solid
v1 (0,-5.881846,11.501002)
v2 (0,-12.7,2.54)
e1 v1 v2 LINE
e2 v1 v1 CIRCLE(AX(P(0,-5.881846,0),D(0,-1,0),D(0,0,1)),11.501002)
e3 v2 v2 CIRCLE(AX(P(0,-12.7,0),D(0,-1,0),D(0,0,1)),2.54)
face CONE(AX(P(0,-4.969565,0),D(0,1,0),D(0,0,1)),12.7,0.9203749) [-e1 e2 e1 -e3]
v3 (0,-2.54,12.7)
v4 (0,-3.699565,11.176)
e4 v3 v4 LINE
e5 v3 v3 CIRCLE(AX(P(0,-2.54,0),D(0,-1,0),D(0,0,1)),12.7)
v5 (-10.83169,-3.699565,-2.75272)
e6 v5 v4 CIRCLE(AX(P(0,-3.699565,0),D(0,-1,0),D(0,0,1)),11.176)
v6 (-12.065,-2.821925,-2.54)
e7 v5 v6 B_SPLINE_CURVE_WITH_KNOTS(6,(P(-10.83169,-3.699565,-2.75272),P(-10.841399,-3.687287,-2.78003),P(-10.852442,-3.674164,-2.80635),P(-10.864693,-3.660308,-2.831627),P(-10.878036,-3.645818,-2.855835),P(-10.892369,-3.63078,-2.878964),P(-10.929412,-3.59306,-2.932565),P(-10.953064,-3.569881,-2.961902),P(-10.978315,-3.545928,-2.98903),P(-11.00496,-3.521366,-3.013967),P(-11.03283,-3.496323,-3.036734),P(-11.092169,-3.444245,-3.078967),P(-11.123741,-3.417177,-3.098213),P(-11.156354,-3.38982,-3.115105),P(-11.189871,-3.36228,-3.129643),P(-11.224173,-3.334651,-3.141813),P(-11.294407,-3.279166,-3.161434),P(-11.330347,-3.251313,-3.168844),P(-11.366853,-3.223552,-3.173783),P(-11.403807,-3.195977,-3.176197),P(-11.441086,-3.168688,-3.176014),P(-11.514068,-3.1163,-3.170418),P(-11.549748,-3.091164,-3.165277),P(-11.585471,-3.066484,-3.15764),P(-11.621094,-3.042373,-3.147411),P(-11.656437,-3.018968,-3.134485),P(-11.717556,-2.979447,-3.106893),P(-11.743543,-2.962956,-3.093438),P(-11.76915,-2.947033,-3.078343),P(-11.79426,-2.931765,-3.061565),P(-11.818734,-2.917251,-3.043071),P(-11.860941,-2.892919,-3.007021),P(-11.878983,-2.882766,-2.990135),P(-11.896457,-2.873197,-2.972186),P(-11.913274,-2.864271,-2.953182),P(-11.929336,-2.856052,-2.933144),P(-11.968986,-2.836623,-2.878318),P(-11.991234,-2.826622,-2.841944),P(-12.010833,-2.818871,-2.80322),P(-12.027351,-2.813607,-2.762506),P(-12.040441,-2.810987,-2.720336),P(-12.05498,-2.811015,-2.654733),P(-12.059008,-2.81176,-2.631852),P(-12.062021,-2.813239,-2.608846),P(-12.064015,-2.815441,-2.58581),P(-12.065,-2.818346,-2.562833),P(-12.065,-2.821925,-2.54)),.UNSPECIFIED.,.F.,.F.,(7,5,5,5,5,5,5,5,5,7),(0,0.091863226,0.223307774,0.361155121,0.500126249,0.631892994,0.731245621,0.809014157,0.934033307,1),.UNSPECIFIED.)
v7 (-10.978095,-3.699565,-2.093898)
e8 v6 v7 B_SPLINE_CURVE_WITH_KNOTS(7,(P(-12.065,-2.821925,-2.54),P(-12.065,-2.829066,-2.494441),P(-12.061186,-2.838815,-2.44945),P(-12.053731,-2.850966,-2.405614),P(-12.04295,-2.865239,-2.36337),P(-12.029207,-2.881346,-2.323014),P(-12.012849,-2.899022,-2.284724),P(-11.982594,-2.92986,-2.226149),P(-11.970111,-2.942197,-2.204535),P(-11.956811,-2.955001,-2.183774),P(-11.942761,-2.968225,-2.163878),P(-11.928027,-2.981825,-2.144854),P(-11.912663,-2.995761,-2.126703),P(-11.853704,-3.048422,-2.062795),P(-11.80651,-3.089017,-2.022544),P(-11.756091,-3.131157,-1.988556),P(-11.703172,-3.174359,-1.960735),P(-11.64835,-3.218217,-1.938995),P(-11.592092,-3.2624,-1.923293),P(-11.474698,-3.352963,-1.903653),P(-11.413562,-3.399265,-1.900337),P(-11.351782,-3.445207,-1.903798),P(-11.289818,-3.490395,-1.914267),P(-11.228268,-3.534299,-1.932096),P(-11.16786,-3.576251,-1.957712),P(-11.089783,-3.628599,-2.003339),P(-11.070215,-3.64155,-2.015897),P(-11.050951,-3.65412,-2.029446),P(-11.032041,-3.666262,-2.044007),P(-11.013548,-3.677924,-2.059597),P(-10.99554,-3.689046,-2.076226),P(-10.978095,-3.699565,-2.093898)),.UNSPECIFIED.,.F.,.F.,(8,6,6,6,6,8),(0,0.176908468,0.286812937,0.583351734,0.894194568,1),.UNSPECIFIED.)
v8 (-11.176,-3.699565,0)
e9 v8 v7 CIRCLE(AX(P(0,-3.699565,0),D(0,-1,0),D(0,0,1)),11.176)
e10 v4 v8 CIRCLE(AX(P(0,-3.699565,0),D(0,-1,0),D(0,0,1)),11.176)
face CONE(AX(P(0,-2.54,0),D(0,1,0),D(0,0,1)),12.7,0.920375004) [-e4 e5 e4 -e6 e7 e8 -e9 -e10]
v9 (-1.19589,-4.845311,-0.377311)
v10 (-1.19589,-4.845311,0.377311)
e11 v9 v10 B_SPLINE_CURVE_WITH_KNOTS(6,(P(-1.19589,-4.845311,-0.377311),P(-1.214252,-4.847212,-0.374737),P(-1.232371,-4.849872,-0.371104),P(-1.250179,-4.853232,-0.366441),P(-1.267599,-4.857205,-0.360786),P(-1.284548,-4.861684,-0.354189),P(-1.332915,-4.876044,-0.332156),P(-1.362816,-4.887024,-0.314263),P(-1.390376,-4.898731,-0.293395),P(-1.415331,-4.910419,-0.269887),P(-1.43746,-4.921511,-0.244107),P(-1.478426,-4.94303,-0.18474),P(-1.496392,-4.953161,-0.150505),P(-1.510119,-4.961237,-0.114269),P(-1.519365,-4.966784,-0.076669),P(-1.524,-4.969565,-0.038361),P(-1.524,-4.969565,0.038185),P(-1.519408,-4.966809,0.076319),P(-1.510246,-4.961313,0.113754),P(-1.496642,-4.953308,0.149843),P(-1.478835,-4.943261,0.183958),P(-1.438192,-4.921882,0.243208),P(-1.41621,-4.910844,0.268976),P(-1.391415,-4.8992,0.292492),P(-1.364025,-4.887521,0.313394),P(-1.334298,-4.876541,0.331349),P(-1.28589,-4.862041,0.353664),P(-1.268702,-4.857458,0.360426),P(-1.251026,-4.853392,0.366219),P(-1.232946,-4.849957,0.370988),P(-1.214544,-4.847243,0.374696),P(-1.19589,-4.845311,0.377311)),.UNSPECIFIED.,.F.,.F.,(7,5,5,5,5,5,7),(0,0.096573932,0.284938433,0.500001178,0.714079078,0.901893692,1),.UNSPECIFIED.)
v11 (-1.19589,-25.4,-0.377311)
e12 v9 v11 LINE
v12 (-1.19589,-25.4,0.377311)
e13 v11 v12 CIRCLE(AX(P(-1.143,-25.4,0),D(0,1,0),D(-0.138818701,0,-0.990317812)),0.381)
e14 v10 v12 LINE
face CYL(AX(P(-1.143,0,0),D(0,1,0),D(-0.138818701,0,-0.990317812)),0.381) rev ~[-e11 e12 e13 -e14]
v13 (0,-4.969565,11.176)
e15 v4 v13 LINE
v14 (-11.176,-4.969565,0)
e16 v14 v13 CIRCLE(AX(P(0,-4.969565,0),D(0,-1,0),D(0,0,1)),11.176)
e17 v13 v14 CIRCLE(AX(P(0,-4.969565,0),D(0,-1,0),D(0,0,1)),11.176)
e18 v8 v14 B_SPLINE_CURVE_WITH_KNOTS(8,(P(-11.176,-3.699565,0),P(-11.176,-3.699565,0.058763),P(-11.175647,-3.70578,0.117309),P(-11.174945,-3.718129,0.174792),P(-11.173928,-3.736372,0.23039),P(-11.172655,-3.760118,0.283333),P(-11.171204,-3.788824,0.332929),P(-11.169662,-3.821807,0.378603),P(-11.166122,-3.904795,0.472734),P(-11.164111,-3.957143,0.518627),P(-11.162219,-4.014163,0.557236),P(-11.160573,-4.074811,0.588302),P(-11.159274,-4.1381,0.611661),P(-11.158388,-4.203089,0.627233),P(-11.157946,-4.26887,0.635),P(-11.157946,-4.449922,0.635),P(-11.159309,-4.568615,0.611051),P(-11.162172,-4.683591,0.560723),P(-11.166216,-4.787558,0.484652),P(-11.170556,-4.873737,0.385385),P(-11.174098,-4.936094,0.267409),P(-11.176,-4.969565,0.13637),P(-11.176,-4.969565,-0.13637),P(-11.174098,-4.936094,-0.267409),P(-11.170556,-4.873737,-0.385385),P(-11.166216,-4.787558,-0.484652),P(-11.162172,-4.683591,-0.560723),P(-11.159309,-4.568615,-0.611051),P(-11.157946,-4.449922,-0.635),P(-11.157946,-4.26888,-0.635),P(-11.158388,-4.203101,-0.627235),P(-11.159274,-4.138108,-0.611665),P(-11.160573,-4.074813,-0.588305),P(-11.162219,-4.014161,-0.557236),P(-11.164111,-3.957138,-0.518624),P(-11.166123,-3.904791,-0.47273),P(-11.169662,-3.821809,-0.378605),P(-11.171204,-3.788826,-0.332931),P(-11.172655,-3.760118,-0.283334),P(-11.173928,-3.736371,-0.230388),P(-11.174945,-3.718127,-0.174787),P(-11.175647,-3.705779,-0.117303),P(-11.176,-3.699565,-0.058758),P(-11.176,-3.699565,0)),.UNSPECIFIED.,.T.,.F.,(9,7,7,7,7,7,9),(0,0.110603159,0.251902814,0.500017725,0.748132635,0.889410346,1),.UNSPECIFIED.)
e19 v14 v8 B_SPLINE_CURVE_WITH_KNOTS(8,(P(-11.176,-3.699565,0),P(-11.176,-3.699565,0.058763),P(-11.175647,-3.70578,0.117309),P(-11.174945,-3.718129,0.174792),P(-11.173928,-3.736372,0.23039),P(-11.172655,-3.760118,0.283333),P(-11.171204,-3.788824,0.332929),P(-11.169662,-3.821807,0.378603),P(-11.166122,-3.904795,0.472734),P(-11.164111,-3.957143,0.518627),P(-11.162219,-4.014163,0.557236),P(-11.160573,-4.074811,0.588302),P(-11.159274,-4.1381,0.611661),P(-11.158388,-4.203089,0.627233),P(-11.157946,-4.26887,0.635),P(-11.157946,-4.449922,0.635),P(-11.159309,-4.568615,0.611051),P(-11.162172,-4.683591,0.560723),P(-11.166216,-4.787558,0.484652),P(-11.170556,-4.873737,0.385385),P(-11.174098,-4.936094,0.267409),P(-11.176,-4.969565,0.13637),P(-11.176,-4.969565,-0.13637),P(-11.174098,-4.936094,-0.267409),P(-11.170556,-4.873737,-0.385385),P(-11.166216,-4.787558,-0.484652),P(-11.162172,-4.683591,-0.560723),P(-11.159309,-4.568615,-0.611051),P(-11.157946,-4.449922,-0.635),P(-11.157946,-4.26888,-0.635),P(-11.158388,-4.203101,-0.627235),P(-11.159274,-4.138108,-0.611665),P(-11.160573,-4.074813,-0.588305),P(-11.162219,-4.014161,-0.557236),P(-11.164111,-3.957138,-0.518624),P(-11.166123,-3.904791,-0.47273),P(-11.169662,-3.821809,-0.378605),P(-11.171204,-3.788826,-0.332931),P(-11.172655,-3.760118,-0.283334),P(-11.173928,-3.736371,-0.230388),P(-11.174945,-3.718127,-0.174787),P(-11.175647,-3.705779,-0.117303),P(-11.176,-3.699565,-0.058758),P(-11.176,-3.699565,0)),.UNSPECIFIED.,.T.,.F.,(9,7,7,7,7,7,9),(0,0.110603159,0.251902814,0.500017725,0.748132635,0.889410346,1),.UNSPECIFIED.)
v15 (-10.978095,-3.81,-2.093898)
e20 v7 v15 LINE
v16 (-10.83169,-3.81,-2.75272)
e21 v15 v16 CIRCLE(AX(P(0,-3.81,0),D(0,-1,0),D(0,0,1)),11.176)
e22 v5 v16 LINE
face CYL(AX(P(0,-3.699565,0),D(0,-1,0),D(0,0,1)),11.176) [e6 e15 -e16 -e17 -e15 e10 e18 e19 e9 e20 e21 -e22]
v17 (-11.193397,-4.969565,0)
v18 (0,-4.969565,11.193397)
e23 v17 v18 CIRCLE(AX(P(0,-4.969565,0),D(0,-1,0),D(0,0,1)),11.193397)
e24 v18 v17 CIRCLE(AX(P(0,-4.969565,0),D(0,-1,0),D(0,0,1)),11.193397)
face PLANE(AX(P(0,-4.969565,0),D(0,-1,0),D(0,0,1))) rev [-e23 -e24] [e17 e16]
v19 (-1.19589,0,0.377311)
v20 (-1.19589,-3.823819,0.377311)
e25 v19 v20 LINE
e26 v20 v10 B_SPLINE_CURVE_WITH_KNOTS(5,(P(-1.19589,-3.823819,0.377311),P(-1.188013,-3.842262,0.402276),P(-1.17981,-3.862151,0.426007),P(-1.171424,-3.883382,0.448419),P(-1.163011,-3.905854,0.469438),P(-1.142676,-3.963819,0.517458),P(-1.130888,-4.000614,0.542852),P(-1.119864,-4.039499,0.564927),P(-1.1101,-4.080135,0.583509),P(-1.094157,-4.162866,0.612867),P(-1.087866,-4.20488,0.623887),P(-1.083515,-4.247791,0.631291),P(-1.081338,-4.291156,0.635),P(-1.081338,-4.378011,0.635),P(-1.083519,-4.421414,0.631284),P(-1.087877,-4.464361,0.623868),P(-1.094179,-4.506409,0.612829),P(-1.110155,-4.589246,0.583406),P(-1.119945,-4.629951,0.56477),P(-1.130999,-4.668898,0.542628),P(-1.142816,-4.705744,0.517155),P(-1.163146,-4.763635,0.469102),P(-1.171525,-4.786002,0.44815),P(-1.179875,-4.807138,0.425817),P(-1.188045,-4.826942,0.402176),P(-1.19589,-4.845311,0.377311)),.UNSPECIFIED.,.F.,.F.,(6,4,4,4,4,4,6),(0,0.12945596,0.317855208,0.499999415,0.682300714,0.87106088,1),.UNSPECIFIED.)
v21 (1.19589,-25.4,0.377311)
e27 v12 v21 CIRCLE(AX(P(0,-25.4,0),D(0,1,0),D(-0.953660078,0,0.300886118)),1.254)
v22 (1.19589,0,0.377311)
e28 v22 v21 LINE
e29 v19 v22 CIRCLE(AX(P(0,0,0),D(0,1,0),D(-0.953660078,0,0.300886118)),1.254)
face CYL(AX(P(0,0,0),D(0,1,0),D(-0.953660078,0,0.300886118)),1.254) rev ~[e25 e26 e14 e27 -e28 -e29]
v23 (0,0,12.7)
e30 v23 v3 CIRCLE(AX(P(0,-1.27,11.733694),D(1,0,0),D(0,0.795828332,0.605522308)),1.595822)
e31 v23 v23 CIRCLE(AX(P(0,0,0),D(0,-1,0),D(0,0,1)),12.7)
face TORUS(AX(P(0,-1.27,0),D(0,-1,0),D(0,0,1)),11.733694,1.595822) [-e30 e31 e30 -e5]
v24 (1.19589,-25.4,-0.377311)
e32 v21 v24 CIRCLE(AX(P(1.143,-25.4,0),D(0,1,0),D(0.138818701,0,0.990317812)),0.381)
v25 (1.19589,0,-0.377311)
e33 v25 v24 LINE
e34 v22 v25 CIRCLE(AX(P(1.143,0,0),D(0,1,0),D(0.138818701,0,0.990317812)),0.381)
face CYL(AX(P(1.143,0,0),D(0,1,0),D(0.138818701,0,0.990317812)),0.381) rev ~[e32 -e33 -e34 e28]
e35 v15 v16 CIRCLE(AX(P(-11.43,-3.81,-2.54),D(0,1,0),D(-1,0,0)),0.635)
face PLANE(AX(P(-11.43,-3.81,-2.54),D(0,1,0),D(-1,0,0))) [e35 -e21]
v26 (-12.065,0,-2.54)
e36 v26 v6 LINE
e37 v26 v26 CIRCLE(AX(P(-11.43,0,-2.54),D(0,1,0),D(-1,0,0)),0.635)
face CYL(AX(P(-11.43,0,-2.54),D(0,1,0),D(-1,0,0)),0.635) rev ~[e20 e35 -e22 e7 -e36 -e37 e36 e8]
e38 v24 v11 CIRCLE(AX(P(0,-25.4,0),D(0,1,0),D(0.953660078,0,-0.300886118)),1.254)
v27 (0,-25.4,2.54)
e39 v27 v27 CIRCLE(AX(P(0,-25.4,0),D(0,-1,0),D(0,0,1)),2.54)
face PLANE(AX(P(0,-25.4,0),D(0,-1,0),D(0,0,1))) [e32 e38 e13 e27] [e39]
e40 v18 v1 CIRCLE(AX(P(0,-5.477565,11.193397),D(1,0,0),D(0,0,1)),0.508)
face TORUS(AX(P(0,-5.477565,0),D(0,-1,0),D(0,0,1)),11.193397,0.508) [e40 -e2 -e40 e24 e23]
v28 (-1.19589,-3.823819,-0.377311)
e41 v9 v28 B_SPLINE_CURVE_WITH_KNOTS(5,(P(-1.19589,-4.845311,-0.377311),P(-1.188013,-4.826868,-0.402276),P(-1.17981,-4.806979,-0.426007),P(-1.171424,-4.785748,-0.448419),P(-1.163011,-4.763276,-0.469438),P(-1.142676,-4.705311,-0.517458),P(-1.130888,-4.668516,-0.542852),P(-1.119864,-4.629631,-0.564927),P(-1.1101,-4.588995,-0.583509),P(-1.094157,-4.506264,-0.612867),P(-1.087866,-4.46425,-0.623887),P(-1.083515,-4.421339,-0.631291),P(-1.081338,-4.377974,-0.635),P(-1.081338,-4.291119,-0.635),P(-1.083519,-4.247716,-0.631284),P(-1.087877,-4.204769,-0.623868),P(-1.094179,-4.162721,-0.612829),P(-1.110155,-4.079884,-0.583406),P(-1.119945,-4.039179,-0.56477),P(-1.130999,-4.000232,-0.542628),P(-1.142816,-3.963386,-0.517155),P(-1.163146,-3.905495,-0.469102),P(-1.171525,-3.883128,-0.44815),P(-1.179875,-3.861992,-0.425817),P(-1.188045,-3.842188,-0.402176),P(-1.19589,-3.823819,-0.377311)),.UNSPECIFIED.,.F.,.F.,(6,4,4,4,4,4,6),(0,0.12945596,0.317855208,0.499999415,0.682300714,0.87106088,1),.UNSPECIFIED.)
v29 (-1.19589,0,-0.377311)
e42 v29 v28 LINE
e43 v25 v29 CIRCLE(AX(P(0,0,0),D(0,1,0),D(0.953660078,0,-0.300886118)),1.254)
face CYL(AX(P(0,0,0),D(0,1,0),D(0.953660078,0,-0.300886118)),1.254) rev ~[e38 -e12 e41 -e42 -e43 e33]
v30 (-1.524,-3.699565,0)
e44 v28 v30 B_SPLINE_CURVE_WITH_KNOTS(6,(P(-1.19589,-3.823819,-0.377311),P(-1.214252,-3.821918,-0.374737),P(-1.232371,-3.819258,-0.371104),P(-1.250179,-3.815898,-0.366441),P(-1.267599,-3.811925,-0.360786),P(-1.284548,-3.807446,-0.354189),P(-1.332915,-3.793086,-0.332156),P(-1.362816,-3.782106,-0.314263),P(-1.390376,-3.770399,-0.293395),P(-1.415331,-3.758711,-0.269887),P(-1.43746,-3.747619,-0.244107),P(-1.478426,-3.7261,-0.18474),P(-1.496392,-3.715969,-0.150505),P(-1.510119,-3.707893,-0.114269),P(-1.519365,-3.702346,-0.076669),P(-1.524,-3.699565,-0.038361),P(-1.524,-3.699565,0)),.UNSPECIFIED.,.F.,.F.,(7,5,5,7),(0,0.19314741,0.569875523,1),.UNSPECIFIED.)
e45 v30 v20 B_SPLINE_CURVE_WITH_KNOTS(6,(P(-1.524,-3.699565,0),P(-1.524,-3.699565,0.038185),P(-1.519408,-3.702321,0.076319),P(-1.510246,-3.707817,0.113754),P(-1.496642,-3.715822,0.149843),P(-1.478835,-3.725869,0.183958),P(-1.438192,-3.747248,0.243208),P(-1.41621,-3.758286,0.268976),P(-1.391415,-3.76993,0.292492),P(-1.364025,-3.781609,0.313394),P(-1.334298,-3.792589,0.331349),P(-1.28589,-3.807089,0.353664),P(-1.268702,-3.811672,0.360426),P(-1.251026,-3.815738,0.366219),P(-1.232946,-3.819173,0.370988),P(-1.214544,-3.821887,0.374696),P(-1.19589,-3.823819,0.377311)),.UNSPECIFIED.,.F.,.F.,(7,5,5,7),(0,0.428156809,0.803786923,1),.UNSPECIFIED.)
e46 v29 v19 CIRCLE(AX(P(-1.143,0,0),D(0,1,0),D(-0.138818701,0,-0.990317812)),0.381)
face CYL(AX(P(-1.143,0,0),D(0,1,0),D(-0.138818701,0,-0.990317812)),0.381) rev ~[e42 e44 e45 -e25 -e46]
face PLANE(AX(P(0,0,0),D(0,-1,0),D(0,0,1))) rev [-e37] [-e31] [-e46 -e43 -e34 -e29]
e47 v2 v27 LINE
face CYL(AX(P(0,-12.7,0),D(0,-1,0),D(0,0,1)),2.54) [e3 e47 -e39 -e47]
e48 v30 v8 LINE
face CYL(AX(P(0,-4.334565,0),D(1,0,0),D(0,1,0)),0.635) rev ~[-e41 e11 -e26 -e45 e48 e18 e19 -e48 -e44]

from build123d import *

# Parameters (mm, degrees)
F2_R      = 0.508
F4_DEPTH  = 25.401
F5_R      = 0.635
F6_DEPTH  = 13.330517
F7_R      = 0.635
F8_DEPTH  = 3.81
F10_DEPTH = 25.401


with BuildPart() as f1:
    # F0 (on Right) → F1 (revolve)
    with BuildSketch(Plane.YZ):
        with BuildLine():
            Line((-25.4, 1), (0, 1))
            Line((0, 1), (0, 12.7))
            ThreePointArc((0, 12.7), (-1.27, 13.329516), (-2.54, 12.7))
            Line((-2.54, 12.7), (-3.699565, 11.176))
            Line((-3.699565, 11.176), (-4.969565, 11.176))
            Line((-4.969565, 11.176), (-4.969565, 12.7))
            Line((-4.969565, 12.7), (-12.7, 2.54))
            Line((-12.7, 2.54), (-25.4, 2.54))
            Line((-25.4, 2.54), (-25.4, 1))
        make_face()
    revolve(axis=Axis((0, -12.7, 0), (0, -1, 0)))

    # F2
    f2_edges = [f1.edges().sort_by_distance(p)[0] for p in [
        (0, -4.969565, -12.7),
    ]]
    fillet(f2_edges, radius=F2_R)

    # F3 (on face) → F4 (cut, through all)
    with BuildSketch(Plane(origin=(0, 0, 0), x_dir=(-1, 0, 0), z_dir=(0, 1, 0))):
        with BuildLine():
            ThreePointArc((-1.143, 0.127), (-1.27, 0), (-1.143, -0.127))
            Line((-1.143, -0.127), (1.143, -0.127))
            ThreePointArc((1.143, -0.127), (1.27, 0), (1.143, 0.127))
            Line((1.143, 0.127), (-1.143, 0.127))
        make_face()
    extrude(amount=-F4_DEPTH, mode=Mode.SUBTRACT)

    # F5 (on Right) → F6 (cut, through all)
    with BuildSketch(Plane.YZ):
        with Locations((-4.334565, 0)):
            Circle(F5_R)
    extrude(amount=-F6_DEPTH, mode=Mode.SUBTRACT)

    # F7 (on face) → F8 (cut)
    with BuildSketch(Plane(origin=(0, 0, 0), x_dir=(-1, 0, 0), z_dir=(0, 1, 0))):
        with Locations((11.43, -2.54)):
            Circle(F7_R)
    extrude(amount=-F8_DEPTH, mode=Mode.SUBTRACT)

    # F9 (on face) → F10 (cut, through all)
    with BuildSketch(Plane(origin=(0, 0, 0), x_dir=(-1, 0, 0), z_dir=(0, 1, 0))):
        with BuildLine():
            ThreePointArc((-1.19589, 0.377311), (-1.524, 0), (-1.19589, -0.377311))
            ThreePointArc((-1.19589, -0.377311), (0, -1.254), (1.19589, -0.377311))
            ThreePointArc((1.19589, -0.377311), (1.524, 0), (1.19589, 0.377311))
            ThreePointArc((1.19589, 0.377311), (0, 1.254), (-1.19589, 0.377311))
        make_face()
        with BuildLine():
            Line((-1.143, 0.127), (-0.991903, 0.127))
            ThreePointArc((-0.991903, 0.127), (0, 1), (0.991903, 0.127))
            Line((0.991903, 0.127), (1.143, 0.127))
            ThreePointArc((1.143, 0.127), (1.27, 0), (1.143, -0.127))
            Line((1.143, -0.127), (0.991903, -0.127))
            ThreePointArc((0.991903, -0.127), (0, -1), (-0.991903, -0.127))
            Line((-0.991903, -0.127), (-1.143, -0.127))
            ThreePointArc((-1.143, -0.127), (-1.27, 0), (-1.143, 0.127))
        make_face(mode=Mode.SUBTRACT)
    extrude(amount=-F10_DEPTH, mode=Mode.SUBTRACT)


solid = f1.part
